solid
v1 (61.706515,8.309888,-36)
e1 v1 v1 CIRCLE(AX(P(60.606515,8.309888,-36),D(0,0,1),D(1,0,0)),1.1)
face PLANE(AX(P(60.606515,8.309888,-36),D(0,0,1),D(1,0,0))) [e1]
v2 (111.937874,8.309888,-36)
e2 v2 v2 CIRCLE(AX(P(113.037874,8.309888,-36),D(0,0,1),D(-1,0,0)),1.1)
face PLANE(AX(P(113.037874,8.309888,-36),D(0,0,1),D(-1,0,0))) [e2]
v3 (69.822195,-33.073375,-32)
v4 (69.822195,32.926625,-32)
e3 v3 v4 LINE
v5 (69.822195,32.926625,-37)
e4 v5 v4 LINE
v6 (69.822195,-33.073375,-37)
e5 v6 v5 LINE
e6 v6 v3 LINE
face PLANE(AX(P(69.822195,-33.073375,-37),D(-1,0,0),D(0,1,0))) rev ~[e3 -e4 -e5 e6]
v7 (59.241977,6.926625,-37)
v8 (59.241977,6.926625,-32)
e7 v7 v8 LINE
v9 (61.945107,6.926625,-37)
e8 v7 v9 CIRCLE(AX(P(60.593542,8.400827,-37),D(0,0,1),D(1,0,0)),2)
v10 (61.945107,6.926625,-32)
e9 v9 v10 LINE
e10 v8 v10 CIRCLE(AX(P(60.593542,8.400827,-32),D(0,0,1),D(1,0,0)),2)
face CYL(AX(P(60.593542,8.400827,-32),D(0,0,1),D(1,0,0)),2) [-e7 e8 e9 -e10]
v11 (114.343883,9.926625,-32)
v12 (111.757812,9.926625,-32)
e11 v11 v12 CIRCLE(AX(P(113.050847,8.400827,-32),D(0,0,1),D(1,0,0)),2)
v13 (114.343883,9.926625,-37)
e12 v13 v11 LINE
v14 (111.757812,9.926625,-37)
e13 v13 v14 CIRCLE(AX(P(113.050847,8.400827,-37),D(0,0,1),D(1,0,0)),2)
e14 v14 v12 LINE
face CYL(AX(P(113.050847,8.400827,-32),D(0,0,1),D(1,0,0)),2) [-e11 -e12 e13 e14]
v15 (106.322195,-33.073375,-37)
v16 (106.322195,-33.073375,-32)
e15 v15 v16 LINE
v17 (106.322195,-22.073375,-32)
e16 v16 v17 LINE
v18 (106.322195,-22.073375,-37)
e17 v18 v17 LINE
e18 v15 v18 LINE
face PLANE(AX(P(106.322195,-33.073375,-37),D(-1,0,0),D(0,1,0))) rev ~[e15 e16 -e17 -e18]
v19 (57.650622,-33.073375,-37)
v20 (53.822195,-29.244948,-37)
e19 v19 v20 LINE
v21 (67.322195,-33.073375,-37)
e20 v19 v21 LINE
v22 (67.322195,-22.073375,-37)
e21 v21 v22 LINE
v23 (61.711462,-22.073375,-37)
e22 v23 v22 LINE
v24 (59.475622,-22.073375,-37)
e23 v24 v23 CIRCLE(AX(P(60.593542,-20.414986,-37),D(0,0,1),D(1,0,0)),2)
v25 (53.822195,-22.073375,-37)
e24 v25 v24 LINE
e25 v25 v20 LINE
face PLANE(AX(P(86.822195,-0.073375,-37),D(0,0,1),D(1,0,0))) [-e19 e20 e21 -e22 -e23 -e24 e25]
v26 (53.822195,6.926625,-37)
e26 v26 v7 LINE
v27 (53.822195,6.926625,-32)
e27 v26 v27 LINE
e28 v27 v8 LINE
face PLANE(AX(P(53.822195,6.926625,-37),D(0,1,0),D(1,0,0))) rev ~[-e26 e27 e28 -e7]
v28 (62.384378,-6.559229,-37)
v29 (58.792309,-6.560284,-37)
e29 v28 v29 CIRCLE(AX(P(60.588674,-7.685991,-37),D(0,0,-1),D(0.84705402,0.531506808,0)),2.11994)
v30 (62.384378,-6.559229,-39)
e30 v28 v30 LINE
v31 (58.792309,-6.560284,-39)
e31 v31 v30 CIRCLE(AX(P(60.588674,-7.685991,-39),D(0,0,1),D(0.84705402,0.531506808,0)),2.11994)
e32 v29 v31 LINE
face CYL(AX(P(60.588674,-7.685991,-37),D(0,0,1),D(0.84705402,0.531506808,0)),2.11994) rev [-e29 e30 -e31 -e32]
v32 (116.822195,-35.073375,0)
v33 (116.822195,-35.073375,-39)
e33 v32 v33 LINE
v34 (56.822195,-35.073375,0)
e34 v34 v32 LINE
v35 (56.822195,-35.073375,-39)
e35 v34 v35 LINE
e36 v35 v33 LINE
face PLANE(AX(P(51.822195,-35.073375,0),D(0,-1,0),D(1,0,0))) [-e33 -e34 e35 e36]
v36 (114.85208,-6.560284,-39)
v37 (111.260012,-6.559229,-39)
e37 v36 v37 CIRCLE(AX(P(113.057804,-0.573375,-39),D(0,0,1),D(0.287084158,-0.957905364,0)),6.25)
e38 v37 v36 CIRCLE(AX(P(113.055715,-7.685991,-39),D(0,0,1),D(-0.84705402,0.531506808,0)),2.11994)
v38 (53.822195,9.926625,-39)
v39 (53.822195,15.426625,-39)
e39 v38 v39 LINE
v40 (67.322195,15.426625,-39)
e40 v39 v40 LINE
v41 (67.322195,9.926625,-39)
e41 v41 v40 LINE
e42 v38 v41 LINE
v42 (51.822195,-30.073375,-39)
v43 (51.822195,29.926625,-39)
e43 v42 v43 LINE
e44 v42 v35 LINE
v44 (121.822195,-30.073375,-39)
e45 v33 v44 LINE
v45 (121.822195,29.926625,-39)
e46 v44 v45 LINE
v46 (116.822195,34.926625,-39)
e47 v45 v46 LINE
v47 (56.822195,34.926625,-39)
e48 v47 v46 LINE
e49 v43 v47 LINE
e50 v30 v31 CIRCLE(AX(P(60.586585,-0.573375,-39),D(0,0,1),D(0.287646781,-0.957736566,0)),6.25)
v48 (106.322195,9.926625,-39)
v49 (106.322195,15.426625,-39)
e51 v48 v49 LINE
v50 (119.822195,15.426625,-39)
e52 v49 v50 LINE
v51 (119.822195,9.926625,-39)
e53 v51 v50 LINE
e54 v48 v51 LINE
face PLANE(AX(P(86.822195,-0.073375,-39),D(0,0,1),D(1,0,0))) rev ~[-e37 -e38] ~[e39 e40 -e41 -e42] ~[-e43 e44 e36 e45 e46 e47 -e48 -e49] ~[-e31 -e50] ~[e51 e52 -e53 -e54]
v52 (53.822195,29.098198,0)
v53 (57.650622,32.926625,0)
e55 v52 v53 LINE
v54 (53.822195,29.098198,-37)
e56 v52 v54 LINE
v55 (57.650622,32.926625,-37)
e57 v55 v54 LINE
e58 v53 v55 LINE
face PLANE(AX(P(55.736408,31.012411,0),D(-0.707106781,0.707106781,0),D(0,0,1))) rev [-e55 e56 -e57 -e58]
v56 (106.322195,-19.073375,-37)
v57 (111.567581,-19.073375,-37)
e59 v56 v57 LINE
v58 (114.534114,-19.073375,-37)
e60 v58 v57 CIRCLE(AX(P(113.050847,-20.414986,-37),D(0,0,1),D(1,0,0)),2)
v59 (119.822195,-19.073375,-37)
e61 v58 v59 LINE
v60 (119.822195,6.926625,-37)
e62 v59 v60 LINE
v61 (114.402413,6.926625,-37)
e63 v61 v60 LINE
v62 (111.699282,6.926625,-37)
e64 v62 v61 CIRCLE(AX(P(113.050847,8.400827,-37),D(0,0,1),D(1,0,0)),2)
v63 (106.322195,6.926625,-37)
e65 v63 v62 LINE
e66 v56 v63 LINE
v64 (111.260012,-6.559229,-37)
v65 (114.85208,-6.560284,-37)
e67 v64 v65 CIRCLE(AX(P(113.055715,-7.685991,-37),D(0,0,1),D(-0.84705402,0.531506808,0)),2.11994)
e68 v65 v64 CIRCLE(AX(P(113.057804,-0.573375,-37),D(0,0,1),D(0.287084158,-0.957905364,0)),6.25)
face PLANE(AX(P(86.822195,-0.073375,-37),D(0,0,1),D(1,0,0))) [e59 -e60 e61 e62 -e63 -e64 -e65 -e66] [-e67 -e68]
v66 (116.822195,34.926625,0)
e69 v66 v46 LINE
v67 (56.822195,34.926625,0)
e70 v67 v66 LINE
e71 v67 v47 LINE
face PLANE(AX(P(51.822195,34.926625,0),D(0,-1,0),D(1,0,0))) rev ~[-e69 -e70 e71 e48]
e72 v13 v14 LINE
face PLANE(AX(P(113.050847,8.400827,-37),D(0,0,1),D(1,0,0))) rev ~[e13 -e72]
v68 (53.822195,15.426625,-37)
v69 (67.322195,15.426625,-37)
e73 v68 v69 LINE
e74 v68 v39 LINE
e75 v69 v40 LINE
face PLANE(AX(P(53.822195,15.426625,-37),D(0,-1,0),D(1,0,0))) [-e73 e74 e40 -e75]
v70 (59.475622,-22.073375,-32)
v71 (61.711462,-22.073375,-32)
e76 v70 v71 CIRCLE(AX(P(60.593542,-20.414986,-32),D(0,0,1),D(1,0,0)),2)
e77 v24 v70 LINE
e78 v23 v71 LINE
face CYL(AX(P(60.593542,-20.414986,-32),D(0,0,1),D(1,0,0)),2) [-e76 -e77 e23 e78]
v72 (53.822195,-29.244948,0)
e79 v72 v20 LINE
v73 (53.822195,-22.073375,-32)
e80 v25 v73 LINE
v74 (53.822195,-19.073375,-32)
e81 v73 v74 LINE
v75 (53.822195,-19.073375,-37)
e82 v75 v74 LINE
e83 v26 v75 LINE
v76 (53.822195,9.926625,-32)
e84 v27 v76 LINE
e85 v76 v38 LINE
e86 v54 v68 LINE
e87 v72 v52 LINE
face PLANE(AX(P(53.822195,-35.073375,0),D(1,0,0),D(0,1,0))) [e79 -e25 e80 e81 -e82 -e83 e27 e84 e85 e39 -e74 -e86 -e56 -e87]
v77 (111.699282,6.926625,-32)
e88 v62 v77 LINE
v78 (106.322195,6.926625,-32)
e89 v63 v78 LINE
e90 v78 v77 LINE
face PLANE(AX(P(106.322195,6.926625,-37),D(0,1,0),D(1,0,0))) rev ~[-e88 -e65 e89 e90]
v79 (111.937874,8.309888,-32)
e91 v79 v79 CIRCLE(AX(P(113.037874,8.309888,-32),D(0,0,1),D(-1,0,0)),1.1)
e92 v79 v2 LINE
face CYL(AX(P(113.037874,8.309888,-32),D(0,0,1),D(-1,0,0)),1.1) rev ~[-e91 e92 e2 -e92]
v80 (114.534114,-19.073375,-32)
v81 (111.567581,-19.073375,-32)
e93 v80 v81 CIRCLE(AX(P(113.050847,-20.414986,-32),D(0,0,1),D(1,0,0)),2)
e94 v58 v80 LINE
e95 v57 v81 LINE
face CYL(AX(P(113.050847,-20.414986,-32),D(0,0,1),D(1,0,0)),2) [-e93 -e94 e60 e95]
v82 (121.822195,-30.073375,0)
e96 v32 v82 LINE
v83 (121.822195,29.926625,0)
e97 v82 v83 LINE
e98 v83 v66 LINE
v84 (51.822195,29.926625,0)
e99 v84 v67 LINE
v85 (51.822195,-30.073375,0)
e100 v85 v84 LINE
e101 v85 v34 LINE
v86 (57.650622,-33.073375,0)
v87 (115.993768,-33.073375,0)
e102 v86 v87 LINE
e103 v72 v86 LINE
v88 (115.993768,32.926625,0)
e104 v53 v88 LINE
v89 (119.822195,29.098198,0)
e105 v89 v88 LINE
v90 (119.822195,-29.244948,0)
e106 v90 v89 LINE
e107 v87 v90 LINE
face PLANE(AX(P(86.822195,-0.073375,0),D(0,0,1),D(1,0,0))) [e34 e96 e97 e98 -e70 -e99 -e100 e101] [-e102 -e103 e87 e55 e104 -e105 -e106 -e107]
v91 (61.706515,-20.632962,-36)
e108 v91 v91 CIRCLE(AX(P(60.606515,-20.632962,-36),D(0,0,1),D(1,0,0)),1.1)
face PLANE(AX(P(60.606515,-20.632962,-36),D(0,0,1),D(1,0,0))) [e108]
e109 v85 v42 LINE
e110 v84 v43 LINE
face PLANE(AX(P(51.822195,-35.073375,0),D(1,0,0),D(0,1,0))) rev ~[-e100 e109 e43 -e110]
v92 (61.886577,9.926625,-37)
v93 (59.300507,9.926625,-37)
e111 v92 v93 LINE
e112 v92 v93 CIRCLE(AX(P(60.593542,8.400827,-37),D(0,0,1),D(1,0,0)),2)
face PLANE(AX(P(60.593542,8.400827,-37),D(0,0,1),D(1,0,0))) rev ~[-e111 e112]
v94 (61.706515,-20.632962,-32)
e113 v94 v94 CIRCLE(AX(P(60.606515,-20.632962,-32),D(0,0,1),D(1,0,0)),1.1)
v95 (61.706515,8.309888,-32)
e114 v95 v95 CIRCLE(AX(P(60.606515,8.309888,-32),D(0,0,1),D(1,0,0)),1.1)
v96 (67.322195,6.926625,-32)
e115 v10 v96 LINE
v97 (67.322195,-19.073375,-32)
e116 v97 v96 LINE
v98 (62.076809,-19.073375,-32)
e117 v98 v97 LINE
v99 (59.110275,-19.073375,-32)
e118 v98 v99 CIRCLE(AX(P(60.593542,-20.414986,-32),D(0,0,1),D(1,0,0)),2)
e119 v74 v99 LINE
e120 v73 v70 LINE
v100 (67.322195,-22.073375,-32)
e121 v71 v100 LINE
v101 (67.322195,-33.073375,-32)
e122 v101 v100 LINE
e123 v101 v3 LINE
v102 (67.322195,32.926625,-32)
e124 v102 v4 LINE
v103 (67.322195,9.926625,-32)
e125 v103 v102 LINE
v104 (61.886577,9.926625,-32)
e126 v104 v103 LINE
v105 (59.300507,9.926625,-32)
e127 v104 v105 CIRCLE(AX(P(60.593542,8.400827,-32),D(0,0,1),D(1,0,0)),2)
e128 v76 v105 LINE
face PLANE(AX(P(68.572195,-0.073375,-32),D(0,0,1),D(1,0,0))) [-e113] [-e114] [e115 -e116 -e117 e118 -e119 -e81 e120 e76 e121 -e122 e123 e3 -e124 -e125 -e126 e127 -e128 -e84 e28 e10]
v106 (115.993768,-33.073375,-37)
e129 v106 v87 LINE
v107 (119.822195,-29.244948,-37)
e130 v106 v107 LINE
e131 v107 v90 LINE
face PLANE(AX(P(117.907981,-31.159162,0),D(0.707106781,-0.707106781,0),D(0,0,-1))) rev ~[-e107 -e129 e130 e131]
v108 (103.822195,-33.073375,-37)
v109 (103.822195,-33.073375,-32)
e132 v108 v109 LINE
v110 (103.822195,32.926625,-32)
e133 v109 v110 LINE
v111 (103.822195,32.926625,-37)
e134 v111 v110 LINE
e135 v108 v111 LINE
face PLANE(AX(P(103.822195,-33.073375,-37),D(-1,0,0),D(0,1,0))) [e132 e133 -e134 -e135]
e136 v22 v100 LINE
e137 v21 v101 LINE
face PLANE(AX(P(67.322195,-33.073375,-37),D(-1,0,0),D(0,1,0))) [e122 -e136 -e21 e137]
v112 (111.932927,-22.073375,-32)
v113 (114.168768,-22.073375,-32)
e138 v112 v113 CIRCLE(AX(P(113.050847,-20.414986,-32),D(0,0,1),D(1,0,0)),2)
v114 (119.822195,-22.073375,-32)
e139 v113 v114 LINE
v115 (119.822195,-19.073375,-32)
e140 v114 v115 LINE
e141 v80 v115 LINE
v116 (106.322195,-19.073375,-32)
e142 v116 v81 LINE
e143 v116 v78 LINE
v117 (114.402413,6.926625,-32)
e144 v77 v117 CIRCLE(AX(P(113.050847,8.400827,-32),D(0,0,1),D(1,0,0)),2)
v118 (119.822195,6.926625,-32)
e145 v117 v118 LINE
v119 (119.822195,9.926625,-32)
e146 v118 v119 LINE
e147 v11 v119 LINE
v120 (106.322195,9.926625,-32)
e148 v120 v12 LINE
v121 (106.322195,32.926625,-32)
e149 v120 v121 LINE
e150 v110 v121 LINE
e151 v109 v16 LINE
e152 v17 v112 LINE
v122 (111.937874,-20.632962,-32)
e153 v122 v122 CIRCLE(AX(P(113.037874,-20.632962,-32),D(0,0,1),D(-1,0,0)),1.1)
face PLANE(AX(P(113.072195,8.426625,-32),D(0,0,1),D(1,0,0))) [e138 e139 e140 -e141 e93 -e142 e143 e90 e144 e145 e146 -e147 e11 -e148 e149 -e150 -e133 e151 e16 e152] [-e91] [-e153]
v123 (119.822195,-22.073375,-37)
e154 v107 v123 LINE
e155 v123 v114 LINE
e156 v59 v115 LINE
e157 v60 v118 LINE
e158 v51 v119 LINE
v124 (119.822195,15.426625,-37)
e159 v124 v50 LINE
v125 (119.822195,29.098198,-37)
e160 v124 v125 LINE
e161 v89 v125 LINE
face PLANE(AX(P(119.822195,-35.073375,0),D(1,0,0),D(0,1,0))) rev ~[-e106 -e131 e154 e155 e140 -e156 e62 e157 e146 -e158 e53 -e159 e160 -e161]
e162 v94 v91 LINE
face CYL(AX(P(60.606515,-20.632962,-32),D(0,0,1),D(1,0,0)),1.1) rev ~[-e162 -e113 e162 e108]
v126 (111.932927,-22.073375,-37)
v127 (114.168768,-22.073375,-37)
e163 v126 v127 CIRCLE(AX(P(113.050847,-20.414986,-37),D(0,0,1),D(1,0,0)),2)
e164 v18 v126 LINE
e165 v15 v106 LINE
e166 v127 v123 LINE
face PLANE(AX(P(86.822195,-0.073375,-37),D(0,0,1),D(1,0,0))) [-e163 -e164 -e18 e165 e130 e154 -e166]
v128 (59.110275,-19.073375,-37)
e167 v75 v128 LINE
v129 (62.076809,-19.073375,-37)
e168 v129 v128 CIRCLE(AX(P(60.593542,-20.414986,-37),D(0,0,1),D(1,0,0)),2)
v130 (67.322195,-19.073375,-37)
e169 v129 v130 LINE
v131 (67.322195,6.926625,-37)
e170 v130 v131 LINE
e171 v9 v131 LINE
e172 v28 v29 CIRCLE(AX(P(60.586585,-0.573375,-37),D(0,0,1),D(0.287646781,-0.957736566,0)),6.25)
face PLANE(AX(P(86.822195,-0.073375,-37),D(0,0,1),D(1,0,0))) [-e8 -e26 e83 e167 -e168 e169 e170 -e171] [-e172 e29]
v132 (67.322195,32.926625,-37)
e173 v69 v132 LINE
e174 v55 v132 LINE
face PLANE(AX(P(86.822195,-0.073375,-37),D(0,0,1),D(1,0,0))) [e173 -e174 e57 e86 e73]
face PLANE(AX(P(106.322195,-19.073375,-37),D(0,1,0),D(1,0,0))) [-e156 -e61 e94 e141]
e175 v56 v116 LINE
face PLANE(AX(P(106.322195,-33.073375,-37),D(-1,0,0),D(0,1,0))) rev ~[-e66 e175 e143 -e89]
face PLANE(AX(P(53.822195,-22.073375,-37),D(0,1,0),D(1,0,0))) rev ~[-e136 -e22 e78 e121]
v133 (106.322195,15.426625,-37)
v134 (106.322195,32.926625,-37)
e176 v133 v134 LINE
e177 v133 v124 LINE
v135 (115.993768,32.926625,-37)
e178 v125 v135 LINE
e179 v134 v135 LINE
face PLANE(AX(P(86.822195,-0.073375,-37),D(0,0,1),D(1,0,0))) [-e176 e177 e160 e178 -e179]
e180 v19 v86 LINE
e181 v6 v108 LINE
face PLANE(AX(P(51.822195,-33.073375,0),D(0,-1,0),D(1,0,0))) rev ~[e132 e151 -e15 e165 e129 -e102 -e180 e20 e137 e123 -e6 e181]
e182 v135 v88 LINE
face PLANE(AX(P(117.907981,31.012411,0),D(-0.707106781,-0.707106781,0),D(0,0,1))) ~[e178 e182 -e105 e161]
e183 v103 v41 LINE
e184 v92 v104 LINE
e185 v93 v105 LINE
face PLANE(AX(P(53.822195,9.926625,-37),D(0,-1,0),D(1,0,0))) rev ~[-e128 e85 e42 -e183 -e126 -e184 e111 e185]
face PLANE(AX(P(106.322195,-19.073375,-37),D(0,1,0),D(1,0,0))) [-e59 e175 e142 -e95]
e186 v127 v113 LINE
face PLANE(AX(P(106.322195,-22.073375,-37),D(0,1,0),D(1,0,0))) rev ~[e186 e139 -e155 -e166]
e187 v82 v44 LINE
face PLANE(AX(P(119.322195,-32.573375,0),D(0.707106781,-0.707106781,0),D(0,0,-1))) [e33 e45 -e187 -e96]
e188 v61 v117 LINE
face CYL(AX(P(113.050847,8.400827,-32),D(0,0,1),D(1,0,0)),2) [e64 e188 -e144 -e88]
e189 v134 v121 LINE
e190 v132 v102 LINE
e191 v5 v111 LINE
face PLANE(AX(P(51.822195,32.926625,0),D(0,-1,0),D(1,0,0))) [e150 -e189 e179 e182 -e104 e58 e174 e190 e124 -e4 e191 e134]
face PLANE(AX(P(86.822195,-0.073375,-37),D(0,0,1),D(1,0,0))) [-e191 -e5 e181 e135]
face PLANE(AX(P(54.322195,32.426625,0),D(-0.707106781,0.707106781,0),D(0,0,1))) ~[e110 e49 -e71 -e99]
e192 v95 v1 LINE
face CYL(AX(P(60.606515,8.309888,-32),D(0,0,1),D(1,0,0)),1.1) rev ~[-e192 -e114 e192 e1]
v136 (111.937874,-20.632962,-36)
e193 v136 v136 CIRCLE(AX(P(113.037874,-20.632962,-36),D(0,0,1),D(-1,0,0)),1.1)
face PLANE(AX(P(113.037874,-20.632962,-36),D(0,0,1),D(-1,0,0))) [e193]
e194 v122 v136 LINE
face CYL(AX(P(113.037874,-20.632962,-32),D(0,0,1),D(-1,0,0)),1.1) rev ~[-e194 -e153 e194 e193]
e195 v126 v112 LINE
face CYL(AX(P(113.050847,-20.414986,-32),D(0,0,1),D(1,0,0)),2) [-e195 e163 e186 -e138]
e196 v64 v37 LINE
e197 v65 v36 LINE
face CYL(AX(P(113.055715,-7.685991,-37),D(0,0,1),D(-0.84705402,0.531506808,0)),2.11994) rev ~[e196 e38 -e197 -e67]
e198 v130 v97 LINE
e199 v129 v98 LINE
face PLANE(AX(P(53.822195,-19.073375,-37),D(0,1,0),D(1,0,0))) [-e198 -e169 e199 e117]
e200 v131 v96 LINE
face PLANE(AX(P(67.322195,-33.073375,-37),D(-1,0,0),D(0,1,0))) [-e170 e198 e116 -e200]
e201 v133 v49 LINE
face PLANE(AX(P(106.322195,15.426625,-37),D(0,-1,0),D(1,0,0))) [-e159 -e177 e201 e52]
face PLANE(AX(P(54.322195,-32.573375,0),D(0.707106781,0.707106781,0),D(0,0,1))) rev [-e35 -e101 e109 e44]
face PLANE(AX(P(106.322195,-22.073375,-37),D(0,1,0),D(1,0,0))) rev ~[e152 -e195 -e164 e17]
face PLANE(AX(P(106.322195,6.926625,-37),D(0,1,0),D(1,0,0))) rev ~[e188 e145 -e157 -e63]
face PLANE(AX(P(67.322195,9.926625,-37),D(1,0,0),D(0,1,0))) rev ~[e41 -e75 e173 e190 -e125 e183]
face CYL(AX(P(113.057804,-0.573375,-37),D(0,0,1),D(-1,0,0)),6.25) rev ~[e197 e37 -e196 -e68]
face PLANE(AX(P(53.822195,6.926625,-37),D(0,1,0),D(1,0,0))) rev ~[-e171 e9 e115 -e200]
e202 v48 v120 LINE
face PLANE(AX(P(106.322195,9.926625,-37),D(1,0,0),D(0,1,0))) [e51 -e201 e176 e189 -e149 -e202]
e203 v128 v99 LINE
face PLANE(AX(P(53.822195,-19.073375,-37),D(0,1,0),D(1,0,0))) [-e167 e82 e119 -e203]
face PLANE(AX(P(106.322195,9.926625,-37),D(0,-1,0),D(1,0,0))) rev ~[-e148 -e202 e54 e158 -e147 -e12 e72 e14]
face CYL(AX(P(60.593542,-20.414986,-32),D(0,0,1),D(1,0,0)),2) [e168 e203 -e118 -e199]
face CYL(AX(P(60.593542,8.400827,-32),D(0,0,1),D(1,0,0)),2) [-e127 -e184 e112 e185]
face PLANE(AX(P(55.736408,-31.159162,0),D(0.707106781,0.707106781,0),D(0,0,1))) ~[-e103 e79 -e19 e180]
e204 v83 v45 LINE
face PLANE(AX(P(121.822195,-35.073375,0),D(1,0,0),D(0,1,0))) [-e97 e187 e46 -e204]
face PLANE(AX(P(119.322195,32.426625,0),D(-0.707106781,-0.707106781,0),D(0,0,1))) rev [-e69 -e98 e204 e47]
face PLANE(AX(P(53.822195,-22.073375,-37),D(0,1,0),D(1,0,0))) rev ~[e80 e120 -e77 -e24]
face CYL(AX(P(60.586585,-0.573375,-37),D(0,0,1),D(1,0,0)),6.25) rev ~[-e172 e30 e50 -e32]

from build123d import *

# Parameters (mm, degrees)
SKETCH1_W           = 70
SKETCH1_H           = 70
BOSS_EXTRUDE1_DEPTH = 39
CHAMFER1_SIZE       = 5
SHELL1_T            = -2
SKETCH3_W           = 2.5
SKETCH3_H           = 66
BOSS_EXTRUDE2_DEPTH = 5
SKETCH4_W           = 13.5
SKETCH4_H           = 3
BOSS_EXTRUDE3_DEPTH = 5
SKETCH5_W           = 13.5
SKETCH5_H           = 5.5
CUT_EXTRUDE1_DEPTH  = 133.059792404
SKETCH6_R           = 6.25
CUT_EXTRUDE2_DEPTH  = 133.059792404
CUT_EXTRUDE3_DEPTH  = 10
SKETCH9_R           = 2
BOSS_EXTRUDE4_DEPTH = 5
SKETCH10_R          = 1.1
CUT_EXTRUDE4_DEPTH  = 4


with BuildPart() as part:
    # Sketch1 → Boss-Extrude1 (new body)
    with BuildSketch(Plane.XY):
        with Locations((86.822194683, -0.073375262)):
            Rectangle(SKETCH1_W, SKETCH1_H)
    extrude(amount=-BOSS_EXTRUDE1_DEPTH)

    # Chamfer1
    chamfer1_edges = [part.edges().sort_by_distance(p)[0] for p in [
        (51.822194683, 34.926624738, -19.5),
        (121.822194683, 34.926624738, -19.5),
        (121.822194683, -35.073375262, -19.5),
        (51.822194683, -35.073375262, -19.5),
    ]]
    chamfer(chamfer1_edges, length=CHAMFER1_SIZE)

    # Shell1
    shell1_openings = [part.faces().sort_by_distance(p)[0] for p in [
        (86.822194683, -0.073375262, 0),
    ]]
    offset(amount=SHELL1_T, openings=shell1_openings, kind=Kind.INTERSECTION)

    # Sketch3 → Boss-Extrude2 (add)
    with BuildSketch(Plane.XY.offset(-37)):
        with Locations((68.572194683, -0.073375262)):
            Rectangle(SKETCH3_W, SKETCH3_H)
        with Locations((105.072194683, -0.073375262)):
            Rectangle(SKETCH3_W, SKETCH3_H)
    extrude(amount=BOSS_EXTRUDE2_DEPTH)

    # Sketch4 → Boss-Extrude3 (add)
    with BuildSketch(Plane.XY.offset(-37)):
        with Locations((60.572194683, -20.573375262)):
            Rectangle(SKETCH4_W, SKETCH4_H)
        with Locations((60.572194683, 8.426624738)):
            Rectangle(SKETCH4_W, SKETCH4_H)
        with Locations((113.072194683, -20.573375262)):
            Rectangle(SKETCH4_W, SKETCH4_H)
        with Locations((113.072194683, 8.426624738)):
            Rectangle(SKETCH4_W, SKETCH4_H)
    extrude(amount=BOSS_EXTRUDE3_DEPTH)

    # Sketch5 → Cut-Extrude1 (cut, through all)
    with BuildSketch(Plane.XY.offset(-37)):
        with Locations((60.572194683, 12.676624738)):
            Rectangle(SKETCH5_W, SKETCH5_H)
        with Locations((113.072194683, 12.676624738)):
            Rectangle(SKETCH5_W, SKETCH5_H)
    extrude(amount=-CUT_EXTRUDE1_DEPTH, mode=Mode.SUBTRACT)

    # Sketch6 → Cut-Extrude2 (cut, through all)
    with BuildSketch(Plane.XY.offset(-37)):
        with Locations((60.586585442, -0.573375262)):
            Circle(SKETCH6_R)
        with Locations(Location((113.057803924, -0.573375262, 0), (0, 0, 180))):
            Circle(SKETCH6_R)
    extrude(amount=-CUT_EXTRUDE2_DEPTH, mode=Mode.SUBTRACT)

    # Sketch8 → Cut-Extrude3 (cut)
    with BuildSketch(Plane.XY.offset(-37)):
        with BuildLine():
            Line((58.792309456, -6.560283787), (62.384377825, -6.559228798))
            ThreePointArc((62.384377825, -6.559228798), (60.589297041, -9.805930725), (58.792309456, -6.560283787))
        make_face()
        with BuildLine():
            Line((114.85207991, -6.560283787), (111.260011542, -6.559228798))
            ThreePointArc((111.260011542, -6.559228798), (113.055092325, -9.805930725), (114.85207991, -6.560283787))
        make_face()
    extrude(amount=-CUT_EXTRUDE3_DEPTH, mode=Mode.SUBTRACT)

    # Sketch9 → Boss-Extrude4 (add)
    with BuildSketch(Plane.XY.offset(-32)):
        with Locations((60.59354187, 8.400826661)):
            Circle(SKETCH9_R)
        with Locations((60.59354187, -20.414986166)):
            Circle(SKETCH9_R)
        with Locations((113.050847497, -20.414986166)):
            Circle(SKETCH9_R)
        with Locations((113.050847497, 8.400826661)):
            Circle(SKETCH9_R)
    extrude(amount=-BOSS_EXTRUDE4_DEPTH)

    # Sketch10 → Cut-Extrude4 (cut)
    with BuildSketch(Plane.XY.offset(-32)):
        with Locations((60.60651545, 8.30988812)):
            Circle(SKETCH10_R)
        with Locations((60.60651545, -20.632962205)):
            Circle(SKETCH10_R)
        with Locations(Location((113.037873916, -20.632962205, 0), (0, 0, 180))):
            Circle(SKETCH10_R)
        with Locations(Location((113.037873916, 8.30988812, 0), (0, 0, 180))):
            Circle(SKETCH10_R)
    extrude(amount=-CUT_EXTRUDE4_DEPTH, mode=Mode.SUBTRACT)


solid = part.part
